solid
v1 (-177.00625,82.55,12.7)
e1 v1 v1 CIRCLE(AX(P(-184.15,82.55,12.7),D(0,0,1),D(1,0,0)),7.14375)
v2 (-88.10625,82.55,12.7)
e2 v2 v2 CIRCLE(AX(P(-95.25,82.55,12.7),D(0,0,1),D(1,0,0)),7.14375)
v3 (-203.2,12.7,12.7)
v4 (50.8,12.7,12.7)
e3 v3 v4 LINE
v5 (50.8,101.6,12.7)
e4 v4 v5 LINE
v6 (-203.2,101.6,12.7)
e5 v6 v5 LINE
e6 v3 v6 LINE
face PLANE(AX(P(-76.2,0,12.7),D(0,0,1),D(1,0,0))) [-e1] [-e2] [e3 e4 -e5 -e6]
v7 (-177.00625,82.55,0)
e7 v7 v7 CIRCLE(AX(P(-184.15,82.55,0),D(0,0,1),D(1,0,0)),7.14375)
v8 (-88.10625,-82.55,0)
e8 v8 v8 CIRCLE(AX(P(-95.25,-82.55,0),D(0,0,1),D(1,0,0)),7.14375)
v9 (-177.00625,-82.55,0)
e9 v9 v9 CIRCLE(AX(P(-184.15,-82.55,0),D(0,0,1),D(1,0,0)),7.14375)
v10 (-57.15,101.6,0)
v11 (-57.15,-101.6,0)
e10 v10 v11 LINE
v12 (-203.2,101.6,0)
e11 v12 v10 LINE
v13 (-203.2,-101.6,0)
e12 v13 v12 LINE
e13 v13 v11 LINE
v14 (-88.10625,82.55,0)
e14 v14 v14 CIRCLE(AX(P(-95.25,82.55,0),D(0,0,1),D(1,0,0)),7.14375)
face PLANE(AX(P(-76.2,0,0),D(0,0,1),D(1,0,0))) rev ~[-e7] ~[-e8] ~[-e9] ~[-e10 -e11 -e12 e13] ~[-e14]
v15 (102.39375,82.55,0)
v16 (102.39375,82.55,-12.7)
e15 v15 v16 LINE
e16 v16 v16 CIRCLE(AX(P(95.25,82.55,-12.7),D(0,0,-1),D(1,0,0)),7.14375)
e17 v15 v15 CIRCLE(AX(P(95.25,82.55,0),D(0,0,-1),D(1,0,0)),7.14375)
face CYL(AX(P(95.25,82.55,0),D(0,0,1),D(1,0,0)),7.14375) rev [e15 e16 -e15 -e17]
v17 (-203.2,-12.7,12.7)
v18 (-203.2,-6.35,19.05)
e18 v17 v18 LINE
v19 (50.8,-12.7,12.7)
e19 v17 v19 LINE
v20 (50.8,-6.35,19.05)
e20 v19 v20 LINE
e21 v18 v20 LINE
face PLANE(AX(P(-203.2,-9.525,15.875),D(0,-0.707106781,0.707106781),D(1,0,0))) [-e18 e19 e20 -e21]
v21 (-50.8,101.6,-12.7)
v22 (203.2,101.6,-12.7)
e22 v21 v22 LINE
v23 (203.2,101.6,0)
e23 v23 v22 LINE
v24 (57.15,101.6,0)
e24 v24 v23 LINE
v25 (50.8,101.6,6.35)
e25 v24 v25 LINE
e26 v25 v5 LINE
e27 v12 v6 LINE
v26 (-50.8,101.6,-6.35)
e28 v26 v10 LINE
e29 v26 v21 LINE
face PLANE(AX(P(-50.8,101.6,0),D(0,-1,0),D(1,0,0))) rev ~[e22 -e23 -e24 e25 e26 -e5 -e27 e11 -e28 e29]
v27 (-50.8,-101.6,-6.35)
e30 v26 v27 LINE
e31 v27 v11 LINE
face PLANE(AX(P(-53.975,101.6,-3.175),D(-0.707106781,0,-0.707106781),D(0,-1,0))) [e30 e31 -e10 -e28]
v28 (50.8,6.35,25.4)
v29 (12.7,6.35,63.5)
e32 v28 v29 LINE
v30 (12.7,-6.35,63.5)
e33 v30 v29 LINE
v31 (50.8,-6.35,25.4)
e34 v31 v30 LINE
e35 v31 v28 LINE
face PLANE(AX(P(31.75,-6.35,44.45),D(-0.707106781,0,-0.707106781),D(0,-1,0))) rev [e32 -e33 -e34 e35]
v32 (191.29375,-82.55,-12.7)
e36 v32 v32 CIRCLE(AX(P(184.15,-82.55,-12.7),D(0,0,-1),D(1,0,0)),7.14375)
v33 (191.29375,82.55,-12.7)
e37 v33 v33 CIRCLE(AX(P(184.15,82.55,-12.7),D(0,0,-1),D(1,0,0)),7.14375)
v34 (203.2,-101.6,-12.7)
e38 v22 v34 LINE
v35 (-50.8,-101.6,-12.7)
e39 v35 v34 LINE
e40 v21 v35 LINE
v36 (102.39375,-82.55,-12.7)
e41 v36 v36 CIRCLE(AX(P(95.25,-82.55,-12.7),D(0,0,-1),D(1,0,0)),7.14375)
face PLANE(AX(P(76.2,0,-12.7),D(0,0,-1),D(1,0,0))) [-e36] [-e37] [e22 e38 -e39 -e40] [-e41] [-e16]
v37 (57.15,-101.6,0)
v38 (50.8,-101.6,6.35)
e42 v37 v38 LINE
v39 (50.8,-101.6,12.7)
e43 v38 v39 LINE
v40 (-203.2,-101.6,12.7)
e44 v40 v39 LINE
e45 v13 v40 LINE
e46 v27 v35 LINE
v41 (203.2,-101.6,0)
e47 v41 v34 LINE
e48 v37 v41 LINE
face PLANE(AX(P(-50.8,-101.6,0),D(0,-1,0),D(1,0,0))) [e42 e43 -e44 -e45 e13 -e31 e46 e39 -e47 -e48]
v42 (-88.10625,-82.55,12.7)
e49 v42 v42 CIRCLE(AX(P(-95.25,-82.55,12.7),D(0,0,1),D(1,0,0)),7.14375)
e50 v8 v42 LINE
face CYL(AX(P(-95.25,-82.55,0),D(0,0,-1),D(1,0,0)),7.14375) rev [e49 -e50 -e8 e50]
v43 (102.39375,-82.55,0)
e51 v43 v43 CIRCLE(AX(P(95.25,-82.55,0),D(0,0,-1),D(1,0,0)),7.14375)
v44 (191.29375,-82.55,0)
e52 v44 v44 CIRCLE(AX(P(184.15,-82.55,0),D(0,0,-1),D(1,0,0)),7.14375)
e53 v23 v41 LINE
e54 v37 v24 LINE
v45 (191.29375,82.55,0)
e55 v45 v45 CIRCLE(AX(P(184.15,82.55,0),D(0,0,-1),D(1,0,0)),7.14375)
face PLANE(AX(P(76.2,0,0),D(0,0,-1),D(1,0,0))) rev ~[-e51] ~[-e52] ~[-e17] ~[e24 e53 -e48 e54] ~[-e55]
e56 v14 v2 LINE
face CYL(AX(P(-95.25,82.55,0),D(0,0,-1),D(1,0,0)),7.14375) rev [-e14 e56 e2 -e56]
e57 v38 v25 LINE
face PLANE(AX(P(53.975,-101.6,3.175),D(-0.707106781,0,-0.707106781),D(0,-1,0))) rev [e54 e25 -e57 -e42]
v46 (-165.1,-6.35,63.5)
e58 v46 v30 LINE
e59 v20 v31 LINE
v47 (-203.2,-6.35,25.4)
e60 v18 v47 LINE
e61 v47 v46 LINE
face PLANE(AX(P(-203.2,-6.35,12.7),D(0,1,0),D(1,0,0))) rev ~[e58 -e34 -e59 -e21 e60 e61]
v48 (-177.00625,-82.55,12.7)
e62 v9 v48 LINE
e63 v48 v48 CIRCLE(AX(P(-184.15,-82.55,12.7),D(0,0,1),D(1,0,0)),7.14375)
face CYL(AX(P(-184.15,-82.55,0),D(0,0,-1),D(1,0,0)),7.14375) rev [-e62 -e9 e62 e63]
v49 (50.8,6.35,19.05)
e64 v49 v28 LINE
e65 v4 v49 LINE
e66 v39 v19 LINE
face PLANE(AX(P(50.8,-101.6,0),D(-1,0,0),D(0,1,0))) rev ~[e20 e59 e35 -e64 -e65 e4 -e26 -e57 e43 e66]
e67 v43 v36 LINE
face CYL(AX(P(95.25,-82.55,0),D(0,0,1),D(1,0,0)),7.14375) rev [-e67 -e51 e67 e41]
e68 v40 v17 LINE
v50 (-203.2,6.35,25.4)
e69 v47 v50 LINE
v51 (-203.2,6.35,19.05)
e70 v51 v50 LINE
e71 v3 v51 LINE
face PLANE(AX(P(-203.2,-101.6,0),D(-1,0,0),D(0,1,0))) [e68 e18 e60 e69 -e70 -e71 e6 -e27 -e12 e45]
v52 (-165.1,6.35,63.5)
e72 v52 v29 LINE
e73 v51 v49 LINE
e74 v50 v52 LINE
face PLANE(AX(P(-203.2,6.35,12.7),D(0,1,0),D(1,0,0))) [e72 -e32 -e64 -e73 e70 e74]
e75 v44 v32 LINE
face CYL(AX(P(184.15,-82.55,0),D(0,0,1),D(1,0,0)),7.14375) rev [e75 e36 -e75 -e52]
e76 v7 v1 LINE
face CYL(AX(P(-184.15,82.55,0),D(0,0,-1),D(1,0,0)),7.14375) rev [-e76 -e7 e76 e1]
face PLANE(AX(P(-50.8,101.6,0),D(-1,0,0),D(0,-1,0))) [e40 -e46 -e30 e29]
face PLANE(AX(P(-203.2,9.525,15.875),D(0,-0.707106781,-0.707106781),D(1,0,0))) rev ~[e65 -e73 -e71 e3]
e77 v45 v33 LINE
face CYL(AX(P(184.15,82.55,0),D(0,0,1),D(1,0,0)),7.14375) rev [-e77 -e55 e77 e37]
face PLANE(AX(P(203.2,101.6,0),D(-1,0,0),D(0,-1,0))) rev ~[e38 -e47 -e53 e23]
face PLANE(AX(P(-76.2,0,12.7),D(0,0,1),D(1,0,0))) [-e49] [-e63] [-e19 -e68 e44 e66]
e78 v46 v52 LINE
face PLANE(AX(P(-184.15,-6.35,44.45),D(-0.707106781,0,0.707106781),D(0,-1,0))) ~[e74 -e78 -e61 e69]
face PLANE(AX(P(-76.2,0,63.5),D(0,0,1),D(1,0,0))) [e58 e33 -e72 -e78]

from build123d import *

# Parameters (mm, degrees)
F0_W      = 254
F0_H      = 203.2
F0_R      = 7.14375
F1_DEPTH  = 12.7
F2_W      = 254
F2_H      = 203.2
F2_R      = 7.14375
F3_DEPTH  = 12.7
F4_W      = 254
F4_H      = 12.7
F5_DEPTH  = 50.8
F6_SIZE   = 38.1
F7_W      = 254
F7_H      = 12.7
F8_DEPTH  = 50.8
F9_SIZE   = 38.1
F11_SIZE  = 6.35
F12_W     = 290.5442907095
F12_H     = 101.1743683696
F13_DEPTH = 203.201


with BuildPart() as f1:
    # F0 (on Top) → F1 (new body)
    with BuildSketch(Plane.XY):
        with Locations((-76.2, 0)):
            Rectangle(F0_W, F0_H)
        with Locations((-184.15, -82.55)):
            Circle(F0_R, mode=Mode.SUBTRACT)
        with Locations((-95.25, -82.55)):
            Circle(F0_R, mode=Mode.SUBTRACT)
        with Locations((-184.15, 82.55)):
            Circle(F0_R, mode=Mode.SUBTRACT)
        with Locations((-95.25, 82.55)):
            Circle(F0_R, mode=Mode.SUBTRACT)
    extrude(amount=F1_DEPTH)


with BuildPart() as f3:
    # F2 (on face) → F3 (new body)
    with BuildSketch(Plane(origin=(0, 0, 0), x_dir=(1, 0, 0), z_dir=(0, 0, -1))):
        with Locations((76.2, 0)):
            Rectangle(F2_W, F2_H)
        with Locations((95.25, -82.55)):
            Circle(F2_R, mode=Mode.SUBTRACT)
        with Locations((184.15, -82.55)):
            Circle(F2_R, mode=Mode.SUBTRACT)
        with Locations((95.25, 82.55)):
            Circle(F2_R, mode=Mode.SUBTRACT)
        with Locations((184.15, 82.55)):
            Circle(F2_R, mode=Mode.SUBTRACT)
    extrude(amount=F3_DEPTH)


with BuildPart() as f5:
    # F4 (on face) → F5 (new body)
    with BuildSketch(Plane.XY.offset(12.7)):
        with Locations((-76.2, 0)):
            Rectangle(F4_W, F4_H)
    extrude(amount=F5_DEPTH)

    # F6
    f6_edges = [f5.edges().sort_by_distance(p)[0] for p in [
        (-203.2, 0, 63.5),
        (50.8, 0, 63.5),
    ]]
    chamfer(f6_edges, length=F6_SIZE)


with BuildPart() as f8:
    # F7 (on face) → F8 (new body)
    with BuildSketch(Plane(origin=(0, 0, -12.7), x_dir=(1, 0, 0), z_dir=(0, 0, -1))):
        with Locations((76.2, 0)):
            Rectangle(F7_W, F7_H)
    extrude(amount=F8_DEPTH)

    # F9
    f9_edges = [f8.edges().sort_by_distance(p)[0] for p in [
        (203.2, 0, -63.5),
        (-50.8, 0, -63.5),
    ]]
    chamfer(f9_edges, length=F9_SIZE)


with BuildPart() as f1_1:
    add(f1.part)

    # F10: union F5, F3, F8
    add(f5.part)
    add(f3.part)
    add(f8.part)

    # F11
    f11_edges = [f1_1.edges().sort_by_distance(p)[0] for p in [
        (50.8, 0, 0),
        (-76.2, -6.35, 12.7),
        (-76.2, 6.35, 12.7),
        (-50.8, 0, 0),
        (76.2, 6.35, -12.7),
        (76.2, -6.35, -12.7),
    ]]
    chamfer(f11_edges, length=F11_SIZE)

    # F12 (on face) → F13 (cut, through all)
    with BuildSketch(Plane.XZ.offset(101.6)):
        with Locations((94.4721453547, -63.2871841848)):
            Rectangle(F12_W, F12_H)
    extrude(amount=-F13_DEPTH, mode=Mode.SUBTRACT)


solid = f1_1.part
